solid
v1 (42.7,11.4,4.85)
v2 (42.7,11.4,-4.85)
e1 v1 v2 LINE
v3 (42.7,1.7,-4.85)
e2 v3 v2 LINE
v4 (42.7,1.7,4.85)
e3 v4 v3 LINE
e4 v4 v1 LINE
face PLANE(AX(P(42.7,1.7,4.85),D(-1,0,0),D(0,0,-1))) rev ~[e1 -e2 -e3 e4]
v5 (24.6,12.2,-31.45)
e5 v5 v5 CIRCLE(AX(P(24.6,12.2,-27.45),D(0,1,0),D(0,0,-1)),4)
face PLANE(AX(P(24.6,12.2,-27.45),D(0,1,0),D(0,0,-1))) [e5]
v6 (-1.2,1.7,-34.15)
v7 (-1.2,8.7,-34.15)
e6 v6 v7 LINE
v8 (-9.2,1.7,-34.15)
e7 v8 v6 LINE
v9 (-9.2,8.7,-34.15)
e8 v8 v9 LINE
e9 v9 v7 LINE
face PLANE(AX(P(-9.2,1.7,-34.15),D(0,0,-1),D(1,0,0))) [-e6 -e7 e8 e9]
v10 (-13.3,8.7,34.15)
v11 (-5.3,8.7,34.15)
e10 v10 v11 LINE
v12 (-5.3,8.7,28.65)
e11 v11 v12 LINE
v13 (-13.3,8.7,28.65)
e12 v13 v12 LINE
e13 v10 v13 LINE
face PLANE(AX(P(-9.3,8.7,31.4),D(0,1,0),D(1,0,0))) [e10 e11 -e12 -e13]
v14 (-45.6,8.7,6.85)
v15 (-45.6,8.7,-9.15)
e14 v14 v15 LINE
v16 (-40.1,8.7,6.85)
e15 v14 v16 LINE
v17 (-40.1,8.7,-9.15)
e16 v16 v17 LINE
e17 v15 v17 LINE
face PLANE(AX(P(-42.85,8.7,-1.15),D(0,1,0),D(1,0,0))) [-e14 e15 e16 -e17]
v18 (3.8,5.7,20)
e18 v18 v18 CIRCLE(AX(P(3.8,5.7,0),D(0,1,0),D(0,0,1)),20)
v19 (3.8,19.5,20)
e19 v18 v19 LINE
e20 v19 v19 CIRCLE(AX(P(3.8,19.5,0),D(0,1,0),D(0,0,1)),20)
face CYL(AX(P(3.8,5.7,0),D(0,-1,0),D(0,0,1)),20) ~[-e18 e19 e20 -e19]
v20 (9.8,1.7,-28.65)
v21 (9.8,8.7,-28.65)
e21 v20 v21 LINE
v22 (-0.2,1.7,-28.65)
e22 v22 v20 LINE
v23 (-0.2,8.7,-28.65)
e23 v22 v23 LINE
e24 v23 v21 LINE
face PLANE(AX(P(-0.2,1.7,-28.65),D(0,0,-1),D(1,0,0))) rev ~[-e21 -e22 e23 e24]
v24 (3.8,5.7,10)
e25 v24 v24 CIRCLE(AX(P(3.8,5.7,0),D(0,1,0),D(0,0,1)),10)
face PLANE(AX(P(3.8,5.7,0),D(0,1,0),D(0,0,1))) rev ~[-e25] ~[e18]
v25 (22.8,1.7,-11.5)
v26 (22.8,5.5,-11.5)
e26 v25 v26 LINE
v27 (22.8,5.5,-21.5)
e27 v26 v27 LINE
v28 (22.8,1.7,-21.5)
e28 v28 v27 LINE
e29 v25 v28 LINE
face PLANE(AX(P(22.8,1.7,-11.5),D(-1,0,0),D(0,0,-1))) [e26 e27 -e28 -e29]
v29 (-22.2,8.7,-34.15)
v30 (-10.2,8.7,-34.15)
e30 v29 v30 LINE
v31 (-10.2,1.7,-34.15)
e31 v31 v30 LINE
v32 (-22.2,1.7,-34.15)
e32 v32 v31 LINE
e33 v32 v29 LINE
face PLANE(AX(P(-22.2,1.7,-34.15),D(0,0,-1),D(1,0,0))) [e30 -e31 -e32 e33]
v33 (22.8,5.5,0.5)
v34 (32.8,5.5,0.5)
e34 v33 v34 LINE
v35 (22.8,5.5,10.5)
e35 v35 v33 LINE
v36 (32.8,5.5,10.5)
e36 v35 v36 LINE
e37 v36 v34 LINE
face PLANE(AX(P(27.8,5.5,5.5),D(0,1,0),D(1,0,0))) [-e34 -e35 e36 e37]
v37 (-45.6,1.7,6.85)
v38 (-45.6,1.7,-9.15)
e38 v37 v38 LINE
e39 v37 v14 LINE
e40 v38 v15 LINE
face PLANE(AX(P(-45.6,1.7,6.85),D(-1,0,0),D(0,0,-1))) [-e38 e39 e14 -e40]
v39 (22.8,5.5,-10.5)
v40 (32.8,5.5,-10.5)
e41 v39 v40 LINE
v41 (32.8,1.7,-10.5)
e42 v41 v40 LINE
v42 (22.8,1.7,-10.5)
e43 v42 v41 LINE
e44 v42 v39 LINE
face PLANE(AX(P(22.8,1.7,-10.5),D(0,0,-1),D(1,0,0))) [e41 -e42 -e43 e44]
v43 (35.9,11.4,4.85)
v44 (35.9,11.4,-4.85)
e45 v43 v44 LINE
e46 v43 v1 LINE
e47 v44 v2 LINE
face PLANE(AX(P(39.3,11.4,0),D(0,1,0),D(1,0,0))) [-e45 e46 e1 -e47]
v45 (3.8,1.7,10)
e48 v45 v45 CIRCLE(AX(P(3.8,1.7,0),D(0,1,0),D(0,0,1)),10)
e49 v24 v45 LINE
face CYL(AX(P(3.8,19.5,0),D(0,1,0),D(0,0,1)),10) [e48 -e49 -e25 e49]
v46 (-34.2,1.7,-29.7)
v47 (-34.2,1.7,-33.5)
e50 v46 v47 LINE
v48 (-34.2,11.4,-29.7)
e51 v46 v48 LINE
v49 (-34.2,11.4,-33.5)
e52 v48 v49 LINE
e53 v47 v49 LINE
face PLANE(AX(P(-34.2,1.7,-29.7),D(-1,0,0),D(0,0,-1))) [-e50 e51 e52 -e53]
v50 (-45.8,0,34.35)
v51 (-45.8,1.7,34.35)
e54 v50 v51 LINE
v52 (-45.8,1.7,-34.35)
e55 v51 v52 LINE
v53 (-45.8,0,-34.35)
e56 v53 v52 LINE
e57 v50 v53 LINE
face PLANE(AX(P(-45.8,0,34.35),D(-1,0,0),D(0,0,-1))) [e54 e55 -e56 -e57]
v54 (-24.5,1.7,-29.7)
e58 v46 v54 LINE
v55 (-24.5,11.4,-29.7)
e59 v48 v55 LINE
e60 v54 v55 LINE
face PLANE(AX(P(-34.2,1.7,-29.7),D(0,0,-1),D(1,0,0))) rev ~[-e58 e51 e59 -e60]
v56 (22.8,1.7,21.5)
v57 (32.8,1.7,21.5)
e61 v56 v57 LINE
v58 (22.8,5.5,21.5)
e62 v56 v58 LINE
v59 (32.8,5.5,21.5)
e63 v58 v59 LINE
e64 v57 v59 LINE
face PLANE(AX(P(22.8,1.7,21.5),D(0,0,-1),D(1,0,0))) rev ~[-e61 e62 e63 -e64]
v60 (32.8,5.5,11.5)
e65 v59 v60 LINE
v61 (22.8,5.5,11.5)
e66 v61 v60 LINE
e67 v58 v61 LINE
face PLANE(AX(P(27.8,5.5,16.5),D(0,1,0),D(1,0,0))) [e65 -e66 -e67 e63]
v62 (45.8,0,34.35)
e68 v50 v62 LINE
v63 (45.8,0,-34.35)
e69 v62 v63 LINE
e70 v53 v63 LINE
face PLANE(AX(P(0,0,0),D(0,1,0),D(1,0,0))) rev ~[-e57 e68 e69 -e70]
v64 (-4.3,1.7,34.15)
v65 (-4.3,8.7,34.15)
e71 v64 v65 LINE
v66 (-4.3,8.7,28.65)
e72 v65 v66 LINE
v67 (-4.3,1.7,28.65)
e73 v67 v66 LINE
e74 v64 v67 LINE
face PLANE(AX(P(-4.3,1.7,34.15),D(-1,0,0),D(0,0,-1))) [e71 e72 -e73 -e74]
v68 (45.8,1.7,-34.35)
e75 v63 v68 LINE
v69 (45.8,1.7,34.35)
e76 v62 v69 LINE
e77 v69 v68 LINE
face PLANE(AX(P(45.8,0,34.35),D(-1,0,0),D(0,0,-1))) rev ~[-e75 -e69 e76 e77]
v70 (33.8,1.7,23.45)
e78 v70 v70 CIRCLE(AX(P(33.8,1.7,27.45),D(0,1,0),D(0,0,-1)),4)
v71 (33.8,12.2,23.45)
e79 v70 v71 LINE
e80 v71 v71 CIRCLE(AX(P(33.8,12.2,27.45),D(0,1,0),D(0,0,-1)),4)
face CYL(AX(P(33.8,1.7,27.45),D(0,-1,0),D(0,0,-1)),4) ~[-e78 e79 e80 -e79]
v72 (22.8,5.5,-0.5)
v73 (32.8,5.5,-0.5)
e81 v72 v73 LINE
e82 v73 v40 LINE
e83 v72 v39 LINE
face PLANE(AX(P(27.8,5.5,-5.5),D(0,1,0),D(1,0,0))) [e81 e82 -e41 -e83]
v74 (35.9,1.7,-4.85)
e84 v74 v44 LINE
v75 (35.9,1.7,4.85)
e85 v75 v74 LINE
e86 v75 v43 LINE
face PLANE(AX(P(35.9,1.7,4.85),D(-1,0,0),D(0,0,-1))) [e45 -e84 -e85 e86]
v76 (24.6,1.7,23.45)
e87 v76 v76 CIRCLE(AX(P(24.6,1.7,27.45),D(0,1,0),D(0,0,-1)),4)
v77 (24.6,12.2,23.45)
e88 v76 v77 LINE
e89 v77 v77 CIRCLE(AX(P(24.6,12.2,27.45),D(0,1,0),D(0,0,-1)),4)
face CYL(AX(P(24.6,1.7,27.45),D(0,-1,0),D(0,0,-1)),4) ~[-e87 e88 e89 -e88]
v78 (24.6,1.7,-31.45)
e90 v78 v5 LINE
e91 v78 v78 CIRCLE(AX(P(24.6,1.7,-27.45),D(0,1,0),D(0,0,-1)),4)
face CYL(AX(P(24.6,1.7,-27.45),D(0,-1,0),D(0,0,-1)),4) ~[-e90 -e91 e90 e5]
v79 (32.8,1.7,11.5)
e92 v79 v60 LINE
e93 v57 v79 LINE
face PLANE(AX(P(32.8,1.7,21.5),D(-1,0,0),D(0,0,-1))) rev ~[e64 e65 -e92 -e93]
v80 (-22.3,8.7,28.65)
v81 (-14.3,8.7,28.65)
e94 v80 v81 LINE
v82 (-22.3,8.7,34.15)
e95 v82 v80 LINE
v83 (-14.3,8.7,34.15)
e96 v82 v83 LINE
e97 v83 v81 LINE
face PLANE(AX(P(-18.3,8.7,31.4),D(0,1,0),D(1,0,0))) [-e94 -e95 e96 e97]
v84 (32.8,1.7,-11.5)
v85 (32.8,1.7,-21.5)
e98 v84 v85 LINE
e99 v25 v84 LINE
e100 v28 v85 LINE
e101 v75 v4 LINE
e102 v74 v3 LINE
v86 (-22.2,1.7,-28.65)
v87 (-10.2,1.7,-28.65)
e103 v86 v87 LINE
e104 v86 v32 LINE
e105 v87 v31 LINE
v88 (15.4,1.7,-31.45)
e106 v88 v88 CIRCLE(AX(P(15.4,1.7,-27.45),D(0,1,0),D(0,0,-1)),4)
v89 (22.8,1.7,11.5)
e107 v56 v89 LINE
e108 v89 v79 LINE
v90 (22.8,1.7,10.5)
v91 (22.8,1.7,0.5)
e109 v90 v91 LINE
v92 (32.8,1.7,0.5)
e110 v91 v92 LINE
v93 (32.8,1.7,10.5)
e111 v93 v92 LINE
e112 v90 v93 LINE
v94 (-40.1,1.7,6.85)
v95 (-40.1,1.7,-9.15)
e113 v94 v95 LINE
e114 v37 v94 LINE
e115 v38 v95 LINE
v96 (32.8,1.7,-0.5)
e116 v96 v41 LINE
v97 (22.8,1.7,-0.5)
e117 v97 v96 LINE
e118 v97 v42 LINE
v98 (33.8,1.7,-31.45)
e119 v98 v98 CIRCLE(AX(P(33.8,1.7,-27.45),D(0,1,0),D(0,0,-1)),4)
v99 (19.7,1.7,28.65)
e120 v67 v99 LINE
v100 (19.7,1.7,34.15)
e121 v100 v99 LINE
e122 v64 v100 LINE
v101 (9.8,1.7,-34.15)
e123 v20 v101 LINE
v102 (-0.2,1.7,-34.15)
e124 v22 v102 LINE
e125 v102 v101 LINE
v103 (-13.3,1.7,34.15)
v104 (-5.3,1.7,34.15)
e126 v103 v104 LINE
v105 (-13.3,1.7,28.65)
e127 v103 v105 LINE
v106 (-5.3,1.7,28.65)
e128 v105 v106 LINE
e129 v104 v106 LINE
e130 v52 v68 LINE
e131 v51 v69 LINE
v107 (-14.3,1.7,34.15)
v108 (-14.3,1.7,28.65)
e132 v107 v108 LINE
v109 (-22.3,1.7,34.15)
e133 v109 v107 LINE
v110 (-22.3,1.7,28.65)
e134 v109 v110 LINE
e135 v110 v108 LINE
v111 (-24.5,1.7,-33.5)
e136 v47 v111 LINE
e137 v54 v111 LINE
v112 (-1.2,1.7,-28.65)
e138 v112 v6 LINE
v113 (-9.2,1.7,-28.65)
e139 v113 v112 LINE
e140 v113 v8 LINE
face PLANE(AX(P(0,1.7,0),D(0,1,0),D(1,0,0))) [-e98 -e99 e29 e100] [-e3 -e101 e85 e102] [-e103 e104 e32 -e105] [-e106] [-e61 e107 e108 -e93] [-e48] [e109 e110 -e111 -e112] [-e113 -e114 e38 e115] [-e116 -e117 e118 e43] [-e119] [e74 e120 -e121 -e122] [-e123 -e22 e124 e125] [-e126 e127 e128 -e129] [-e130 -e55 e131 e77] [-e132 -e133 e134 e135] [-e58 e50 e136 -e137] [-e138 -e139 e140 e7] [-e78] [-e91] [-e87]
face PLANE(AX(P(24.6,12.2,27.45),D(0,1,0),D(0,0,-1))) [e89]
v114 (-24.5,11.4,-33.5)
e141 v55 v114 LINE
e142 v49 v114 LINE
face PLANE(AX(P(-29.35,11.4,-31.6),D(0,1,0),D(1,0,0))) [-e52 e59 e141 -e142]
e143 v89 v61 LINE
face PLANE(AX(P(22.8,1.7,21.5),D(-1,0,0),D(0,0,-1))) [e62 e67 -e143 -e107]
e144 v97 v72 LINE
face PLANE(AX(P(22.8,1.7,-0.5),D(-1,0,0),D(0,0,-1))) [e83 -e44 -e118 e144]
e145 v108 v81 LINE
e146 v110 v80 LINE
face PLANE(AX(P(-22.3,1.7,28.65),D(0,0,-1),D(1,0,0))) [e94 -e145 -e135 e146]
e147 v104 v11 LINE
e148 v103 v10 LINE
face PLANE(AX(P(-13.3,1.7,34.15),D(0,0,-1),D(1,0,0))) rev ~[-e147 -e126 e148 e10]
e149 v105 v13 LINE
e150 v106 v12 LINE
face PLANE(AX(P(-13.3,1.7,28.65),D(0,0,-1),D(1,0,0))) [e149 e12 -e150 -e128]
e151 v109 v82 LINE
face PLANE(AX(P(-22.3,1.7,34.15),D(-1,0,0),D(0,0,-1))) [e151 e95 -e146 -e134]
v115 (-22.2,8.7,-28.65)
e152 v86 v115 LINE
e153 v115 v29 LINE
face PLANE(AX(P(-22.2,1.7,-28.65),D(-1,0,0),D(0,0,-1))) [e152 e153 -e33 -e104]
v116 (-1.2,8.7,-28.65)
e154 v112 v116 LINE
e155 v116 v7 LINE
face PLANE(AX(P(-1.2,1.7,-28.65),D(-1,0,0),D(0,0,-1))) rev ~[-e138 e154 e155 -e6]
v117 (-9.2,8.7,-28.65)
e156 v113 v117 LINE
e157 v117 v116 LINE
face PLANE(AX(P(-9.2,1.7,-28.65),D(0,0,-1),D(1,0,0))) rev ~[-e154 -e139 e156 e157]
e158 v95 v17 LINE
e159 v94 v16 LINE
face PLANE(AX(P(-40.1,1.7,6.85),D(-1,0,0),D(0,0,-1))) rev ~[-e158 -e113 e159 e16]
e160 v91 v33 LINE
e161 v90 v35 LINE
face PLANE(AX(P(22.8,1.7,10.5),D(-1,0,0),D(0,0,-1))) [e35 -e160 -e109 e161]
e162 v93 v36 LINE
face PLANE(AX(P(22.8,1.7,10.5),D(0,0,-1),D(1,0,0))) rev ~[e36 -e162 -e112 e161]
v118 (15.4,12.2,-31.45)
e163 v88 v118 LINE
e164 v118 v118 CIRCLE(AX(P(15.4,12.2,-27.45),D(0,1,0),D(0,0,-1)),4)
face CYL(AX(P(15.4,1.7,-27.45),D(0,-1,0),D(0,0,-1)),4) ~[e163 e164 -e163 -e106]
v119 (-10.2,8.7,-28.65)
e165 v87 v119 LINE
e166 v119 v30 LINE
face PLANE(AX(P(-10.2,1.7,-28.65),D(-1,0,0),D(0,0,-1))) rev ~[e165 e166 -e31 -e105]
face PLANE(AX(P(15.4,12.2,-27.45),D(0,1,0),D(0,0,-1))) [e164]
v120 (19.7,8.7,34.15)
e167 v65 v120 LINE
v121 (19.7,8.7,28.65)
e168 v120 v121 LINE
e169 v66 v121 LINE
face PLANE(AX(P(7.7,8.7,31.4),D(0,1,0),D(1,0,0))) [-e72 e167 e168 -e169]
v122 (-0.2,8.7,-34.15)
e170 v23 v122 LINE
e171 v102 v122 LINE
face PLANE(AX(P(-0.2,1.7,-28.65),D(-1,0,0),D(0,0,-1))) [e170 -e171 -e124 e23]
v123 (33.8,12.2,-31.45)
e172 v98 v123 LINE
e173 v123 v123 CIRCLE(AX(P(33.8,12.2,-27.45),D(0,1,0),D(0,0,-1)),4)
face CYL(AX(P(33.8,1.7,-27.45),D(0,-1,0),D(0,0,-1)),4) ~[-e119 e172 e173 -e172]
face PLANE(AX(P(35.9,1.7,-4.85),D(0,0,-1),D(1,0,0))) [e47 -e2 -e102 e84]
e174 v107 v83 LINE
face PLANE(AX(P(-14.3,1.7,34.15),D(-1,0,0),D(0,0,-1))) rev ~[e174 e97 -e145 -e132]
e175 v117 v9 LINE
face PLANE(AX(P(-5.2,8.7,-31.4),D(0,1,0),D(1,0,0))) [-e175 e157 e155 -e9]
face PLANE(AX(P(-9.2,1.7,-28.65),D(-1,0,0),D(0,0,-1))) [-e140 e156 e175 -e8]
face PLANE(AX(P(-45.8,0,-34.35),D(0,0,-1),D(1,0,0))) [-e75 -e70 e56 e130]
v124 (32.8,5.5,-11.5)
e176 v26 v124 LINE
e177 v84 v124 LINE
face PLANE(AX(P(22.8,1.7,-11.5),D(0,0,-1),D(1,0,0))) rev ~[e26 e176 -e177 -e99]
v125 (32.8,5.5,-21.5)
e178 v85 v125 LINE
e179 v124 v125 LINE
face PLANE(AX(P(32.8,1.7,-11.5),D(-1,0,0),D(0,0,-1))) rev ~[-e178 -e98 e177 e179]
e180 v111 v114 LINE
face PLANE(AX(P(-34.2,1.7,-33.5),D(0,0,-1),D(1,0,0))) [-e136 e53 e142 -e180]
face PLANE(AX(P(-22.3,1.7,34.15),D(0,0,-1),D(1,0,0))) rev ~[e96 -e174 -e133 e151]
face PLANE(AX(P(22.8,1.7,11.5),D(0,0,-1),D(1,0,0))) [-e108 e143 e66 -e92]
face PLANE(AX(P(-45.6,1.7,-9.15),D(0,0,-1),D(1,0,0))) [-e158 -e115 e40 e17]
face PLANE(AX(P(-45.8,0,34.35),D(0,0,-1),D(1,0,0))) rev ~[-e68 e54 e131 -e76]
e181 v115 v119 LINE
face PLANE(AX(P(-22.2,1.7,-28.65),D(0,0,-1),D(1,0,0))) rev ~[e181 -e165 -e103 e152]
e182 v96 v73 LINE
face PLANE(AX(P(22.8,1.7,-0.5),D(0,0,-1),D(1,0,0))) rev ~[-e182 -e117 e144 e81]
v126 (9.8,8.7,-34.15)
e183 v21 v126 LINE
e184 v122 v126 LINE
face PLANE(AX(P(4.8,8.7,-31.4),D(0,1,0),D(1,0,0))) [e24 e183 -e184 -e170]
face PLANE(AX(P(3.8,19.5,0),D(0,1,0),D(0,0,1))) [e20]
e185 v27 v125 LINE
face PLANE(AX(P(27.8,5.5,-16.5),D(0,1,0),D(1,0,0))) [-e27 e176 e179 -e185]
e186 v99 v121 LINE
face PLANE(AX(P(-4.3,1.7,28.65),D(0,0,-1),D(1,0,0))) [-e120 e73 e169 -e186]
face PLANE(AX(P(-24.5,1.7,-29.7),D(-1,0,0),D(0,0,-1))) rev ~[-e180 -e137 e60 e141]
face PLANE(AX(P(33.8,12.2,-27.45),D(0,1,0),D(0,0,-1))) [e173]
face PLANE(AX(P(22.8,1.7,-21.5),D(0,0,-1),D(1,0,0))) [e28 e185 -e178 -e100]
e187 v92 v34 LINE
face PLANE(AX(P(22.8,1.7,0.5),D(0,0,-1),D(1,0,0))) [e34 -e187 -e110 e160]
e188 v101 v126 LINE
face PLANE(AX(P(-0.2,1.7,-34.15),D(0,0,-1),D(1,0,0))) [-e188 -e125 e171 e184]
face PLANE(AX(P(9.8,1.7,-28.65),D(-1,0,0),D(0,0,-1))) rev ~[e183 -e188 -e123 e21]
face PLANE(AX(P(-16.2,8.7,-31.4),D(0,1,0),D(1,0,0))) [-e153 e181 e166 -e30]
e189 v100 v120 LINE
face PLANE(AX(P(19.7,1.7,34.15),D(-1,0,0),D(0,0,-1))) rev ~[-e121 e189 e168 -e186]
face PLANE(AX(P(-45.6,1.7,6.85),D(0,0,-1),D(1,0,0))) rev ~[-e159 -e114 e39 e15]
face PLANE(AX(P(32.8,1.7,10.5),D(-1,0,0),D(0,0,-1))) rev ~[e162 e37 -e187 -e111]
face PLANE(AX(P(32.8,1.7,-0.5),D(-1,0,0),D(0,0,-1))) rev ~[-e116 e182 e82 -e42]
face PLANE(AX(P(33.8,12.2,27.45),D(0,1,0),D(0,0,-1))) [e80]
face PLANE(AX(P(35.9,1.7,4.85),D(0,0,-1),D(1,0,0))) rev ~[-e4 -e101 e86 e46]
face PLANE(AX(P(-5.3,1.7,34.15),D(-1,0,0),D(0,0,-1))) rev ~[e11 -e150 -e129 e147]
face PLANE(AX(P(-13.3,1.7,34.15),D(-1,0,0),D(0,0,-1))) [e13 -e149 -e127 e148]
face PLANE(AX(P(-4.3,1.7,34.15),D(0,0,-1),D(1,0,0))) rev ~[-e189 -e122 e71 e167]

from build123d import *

# Parameters (mm, degrees)
SKETCH1_W           = 91.6
SKETCH1_H           = 68.7
BOSS_EXTRUDE1_DEPTH = 1.7
BOSS_EXTRUDE2_START = 4
SKETCH2_R           = 20
BOSS_EXTRUDE2_DEPTH = 13.8
SKETCH3_R           = 4
BOSS_EXTRUDE3_DEPTH = 10.5
SKETCH4_W           = 10
SKETCH4_H           = 10
BOSS_EXTRUDE4_DEPTH = 3.8
SKETCH6_R           = 10
BOSS_EXTRUDE5_DEPTH = 17.8
SKETCH7_W           = 6.8
SKETCH7_H           = 9.7
SKETCH7_W_2         = 9.7
SKETCH7_H_2         = 3.8
BOSS_EXTRUDE6_DEPTH = 9.7
SKETCH8_W           = 24
SKETCH8_H           = 5.5
SKETCH8_W_2         = 8
SKETCH8_W_3         = 5.5
SKETCH8_H_2         = 16
SKETCH8_W_4         = 12
SKETCH8_W_5         = 10
BOSS_EXTRUDE7_DEPTH = 7


with BuildPart() as part:
    # Sketch1 → Boss-Extrude1 (new body)
    with BuildSketch(Plane(origin=(0, 0, 0), x_dir=(1, 0, 0), z_dir=(0, 1, 0))):
        Rectangle(SKETCH1_W, SKETCH1_H)
    extrude(amount=BOSS_EXTRUDE1_DEPTH)

    # Sketch3 → Boss-Extrude3 (add)
    with BuildSketch(Plane(origin=(0, 1.7, 0), x_dir=(1, 0, 0), z_dir=(0, 1, 0))):
        with Locations(Location((15.4, 27.45, 0), (0, 0, 90))):
            Circle(SKETCH3_R)
        with Locations(Location((24.6, 27.45, 0), (0, 0, 90))):
            Circle(SKETCH3_R)
        with Locations(Location((33.8, 27.45, 0), (0, 0, 90))):
            Circle(SKETCH3_R)
        with Locations(Location((33.8, -27.45, 0), (0, 0, 90))):
            Circle(SKETCH3_R)
        with Locations(Location((24.6, -27.45, 0), (0, 0, 90))):
            Circle(SKETCH3_R)
    extrude(amount=BOSS_EXTRUDE3_DEPTH)

    # Sketch4 → Boss-Extrude4 (add)
    with BuildSketch(Plane(origin=(0, 1.7, 0), x_dir=(1, 0, 0), z_dir=(0, 1, 0))):
        with Locations((27.8, 5.5)):
            Rectangle(SKETCH4_W, SKETCH4_H)
        with Locations((27.8, 16.5)):
            Rectangle(SKETCH4_W, SKETCH4_H)
        with Locations((27.8, -5.5)):
            Rectangle(SKETCH4_W, SKETCH4_H)
        with Locations((27.8, -16.5)):
            Rectangle(SKETCH4_W, SKETCH4_H)
    extrude(amount=BOSS_EXTRUDE4_DEPTH)



with BuildPart() as body_2:
    # Sketch2 → Boss-Extrude2 (new body)
    with BuildSketch(Plane(origin=(0, 1.7, 0), x_dir=(1, 0, 0), z_dir=(0, 1, 0)).offset(BOSS_EXTRUDE2_START)):
        with Locations(Location((3.8, 0, 0), (0, 0, 270))):
            Circle(SKETCH2_R)
    extrude(amount=BOSS_EXTRUDE2_DEPTH)


with BuildPart() as part_1:
    add(part.part)

    add(body_2.part)  # Boss-Extrude5 merges body 2
    # Sketch6 → Boss-Extrude5 (add)
    with BuildSketch(Plane(origin=(0, 19.5, 0), x_dir=(1, 0, 0), z_dir=(0, 1, 0))):
        with Locations(Location((3.8, 0, 0), (0, 0, 270))):
            Circle(SKETCH6_R)
    extrude(amount=-BOSS_EXTRUDE5_DEPTH)

    # Sketch7 → Boss-Extrude6 (add)
    with BuildSketch(Plane(origin=(0, 1.7, 0), x_dir=(1, 0, 0), z_dir=(0, 1, 0))):
        with Locations((39.3, 0)):
            Rectangle(SKETCH7_W, SKETCH7_H)
        with Locations((-29.35, 31.6)):
            Rectangle(SKETCH7_W_2, SKETCH7_H_2)
    extrude(amount=BOSS_EXTRUDE6_DEPTH)

    # Sketch8 → Boss-Extrude7 (add)
    with BuildSketch(Plane(origin=(0, 1.7, 0), x_dir=(1, 0, 0), z_dir=(0, 1, 0))):
        with Locations((7.7, -31.4)):
            Rectangle(SKETCH8_W, SKETCH8_H)
        with Locations((-9.3, -31.4)):
            Rectangle(SKETCH8_W_2, SKETCH8_H)
        with Locations((-18.3, -31.4)):
            Rectangle(SKETCH8_W_2, SKETCH8_H)
        with Locations((-42.85, 1.15)):
            Rectangle(SKETCH8_W_3, SKETCH8_H_2)
        with Locations((-16.2, 31.4)):
            Rectangle(SKETCH8_W_4, SKETCH8_H)
        with Locations((-5.2, 31.4)):
            Rectangle(SKETCH8_W_2, SKETCH8_H)
        with Locations((4.8, 31.4)):
            Rectangle(SKETCH8_W_5, SKETCH8_H)
    extrude(amount=BOSS_EXTRUDE7_DEPTH)


solid = part_1.part
